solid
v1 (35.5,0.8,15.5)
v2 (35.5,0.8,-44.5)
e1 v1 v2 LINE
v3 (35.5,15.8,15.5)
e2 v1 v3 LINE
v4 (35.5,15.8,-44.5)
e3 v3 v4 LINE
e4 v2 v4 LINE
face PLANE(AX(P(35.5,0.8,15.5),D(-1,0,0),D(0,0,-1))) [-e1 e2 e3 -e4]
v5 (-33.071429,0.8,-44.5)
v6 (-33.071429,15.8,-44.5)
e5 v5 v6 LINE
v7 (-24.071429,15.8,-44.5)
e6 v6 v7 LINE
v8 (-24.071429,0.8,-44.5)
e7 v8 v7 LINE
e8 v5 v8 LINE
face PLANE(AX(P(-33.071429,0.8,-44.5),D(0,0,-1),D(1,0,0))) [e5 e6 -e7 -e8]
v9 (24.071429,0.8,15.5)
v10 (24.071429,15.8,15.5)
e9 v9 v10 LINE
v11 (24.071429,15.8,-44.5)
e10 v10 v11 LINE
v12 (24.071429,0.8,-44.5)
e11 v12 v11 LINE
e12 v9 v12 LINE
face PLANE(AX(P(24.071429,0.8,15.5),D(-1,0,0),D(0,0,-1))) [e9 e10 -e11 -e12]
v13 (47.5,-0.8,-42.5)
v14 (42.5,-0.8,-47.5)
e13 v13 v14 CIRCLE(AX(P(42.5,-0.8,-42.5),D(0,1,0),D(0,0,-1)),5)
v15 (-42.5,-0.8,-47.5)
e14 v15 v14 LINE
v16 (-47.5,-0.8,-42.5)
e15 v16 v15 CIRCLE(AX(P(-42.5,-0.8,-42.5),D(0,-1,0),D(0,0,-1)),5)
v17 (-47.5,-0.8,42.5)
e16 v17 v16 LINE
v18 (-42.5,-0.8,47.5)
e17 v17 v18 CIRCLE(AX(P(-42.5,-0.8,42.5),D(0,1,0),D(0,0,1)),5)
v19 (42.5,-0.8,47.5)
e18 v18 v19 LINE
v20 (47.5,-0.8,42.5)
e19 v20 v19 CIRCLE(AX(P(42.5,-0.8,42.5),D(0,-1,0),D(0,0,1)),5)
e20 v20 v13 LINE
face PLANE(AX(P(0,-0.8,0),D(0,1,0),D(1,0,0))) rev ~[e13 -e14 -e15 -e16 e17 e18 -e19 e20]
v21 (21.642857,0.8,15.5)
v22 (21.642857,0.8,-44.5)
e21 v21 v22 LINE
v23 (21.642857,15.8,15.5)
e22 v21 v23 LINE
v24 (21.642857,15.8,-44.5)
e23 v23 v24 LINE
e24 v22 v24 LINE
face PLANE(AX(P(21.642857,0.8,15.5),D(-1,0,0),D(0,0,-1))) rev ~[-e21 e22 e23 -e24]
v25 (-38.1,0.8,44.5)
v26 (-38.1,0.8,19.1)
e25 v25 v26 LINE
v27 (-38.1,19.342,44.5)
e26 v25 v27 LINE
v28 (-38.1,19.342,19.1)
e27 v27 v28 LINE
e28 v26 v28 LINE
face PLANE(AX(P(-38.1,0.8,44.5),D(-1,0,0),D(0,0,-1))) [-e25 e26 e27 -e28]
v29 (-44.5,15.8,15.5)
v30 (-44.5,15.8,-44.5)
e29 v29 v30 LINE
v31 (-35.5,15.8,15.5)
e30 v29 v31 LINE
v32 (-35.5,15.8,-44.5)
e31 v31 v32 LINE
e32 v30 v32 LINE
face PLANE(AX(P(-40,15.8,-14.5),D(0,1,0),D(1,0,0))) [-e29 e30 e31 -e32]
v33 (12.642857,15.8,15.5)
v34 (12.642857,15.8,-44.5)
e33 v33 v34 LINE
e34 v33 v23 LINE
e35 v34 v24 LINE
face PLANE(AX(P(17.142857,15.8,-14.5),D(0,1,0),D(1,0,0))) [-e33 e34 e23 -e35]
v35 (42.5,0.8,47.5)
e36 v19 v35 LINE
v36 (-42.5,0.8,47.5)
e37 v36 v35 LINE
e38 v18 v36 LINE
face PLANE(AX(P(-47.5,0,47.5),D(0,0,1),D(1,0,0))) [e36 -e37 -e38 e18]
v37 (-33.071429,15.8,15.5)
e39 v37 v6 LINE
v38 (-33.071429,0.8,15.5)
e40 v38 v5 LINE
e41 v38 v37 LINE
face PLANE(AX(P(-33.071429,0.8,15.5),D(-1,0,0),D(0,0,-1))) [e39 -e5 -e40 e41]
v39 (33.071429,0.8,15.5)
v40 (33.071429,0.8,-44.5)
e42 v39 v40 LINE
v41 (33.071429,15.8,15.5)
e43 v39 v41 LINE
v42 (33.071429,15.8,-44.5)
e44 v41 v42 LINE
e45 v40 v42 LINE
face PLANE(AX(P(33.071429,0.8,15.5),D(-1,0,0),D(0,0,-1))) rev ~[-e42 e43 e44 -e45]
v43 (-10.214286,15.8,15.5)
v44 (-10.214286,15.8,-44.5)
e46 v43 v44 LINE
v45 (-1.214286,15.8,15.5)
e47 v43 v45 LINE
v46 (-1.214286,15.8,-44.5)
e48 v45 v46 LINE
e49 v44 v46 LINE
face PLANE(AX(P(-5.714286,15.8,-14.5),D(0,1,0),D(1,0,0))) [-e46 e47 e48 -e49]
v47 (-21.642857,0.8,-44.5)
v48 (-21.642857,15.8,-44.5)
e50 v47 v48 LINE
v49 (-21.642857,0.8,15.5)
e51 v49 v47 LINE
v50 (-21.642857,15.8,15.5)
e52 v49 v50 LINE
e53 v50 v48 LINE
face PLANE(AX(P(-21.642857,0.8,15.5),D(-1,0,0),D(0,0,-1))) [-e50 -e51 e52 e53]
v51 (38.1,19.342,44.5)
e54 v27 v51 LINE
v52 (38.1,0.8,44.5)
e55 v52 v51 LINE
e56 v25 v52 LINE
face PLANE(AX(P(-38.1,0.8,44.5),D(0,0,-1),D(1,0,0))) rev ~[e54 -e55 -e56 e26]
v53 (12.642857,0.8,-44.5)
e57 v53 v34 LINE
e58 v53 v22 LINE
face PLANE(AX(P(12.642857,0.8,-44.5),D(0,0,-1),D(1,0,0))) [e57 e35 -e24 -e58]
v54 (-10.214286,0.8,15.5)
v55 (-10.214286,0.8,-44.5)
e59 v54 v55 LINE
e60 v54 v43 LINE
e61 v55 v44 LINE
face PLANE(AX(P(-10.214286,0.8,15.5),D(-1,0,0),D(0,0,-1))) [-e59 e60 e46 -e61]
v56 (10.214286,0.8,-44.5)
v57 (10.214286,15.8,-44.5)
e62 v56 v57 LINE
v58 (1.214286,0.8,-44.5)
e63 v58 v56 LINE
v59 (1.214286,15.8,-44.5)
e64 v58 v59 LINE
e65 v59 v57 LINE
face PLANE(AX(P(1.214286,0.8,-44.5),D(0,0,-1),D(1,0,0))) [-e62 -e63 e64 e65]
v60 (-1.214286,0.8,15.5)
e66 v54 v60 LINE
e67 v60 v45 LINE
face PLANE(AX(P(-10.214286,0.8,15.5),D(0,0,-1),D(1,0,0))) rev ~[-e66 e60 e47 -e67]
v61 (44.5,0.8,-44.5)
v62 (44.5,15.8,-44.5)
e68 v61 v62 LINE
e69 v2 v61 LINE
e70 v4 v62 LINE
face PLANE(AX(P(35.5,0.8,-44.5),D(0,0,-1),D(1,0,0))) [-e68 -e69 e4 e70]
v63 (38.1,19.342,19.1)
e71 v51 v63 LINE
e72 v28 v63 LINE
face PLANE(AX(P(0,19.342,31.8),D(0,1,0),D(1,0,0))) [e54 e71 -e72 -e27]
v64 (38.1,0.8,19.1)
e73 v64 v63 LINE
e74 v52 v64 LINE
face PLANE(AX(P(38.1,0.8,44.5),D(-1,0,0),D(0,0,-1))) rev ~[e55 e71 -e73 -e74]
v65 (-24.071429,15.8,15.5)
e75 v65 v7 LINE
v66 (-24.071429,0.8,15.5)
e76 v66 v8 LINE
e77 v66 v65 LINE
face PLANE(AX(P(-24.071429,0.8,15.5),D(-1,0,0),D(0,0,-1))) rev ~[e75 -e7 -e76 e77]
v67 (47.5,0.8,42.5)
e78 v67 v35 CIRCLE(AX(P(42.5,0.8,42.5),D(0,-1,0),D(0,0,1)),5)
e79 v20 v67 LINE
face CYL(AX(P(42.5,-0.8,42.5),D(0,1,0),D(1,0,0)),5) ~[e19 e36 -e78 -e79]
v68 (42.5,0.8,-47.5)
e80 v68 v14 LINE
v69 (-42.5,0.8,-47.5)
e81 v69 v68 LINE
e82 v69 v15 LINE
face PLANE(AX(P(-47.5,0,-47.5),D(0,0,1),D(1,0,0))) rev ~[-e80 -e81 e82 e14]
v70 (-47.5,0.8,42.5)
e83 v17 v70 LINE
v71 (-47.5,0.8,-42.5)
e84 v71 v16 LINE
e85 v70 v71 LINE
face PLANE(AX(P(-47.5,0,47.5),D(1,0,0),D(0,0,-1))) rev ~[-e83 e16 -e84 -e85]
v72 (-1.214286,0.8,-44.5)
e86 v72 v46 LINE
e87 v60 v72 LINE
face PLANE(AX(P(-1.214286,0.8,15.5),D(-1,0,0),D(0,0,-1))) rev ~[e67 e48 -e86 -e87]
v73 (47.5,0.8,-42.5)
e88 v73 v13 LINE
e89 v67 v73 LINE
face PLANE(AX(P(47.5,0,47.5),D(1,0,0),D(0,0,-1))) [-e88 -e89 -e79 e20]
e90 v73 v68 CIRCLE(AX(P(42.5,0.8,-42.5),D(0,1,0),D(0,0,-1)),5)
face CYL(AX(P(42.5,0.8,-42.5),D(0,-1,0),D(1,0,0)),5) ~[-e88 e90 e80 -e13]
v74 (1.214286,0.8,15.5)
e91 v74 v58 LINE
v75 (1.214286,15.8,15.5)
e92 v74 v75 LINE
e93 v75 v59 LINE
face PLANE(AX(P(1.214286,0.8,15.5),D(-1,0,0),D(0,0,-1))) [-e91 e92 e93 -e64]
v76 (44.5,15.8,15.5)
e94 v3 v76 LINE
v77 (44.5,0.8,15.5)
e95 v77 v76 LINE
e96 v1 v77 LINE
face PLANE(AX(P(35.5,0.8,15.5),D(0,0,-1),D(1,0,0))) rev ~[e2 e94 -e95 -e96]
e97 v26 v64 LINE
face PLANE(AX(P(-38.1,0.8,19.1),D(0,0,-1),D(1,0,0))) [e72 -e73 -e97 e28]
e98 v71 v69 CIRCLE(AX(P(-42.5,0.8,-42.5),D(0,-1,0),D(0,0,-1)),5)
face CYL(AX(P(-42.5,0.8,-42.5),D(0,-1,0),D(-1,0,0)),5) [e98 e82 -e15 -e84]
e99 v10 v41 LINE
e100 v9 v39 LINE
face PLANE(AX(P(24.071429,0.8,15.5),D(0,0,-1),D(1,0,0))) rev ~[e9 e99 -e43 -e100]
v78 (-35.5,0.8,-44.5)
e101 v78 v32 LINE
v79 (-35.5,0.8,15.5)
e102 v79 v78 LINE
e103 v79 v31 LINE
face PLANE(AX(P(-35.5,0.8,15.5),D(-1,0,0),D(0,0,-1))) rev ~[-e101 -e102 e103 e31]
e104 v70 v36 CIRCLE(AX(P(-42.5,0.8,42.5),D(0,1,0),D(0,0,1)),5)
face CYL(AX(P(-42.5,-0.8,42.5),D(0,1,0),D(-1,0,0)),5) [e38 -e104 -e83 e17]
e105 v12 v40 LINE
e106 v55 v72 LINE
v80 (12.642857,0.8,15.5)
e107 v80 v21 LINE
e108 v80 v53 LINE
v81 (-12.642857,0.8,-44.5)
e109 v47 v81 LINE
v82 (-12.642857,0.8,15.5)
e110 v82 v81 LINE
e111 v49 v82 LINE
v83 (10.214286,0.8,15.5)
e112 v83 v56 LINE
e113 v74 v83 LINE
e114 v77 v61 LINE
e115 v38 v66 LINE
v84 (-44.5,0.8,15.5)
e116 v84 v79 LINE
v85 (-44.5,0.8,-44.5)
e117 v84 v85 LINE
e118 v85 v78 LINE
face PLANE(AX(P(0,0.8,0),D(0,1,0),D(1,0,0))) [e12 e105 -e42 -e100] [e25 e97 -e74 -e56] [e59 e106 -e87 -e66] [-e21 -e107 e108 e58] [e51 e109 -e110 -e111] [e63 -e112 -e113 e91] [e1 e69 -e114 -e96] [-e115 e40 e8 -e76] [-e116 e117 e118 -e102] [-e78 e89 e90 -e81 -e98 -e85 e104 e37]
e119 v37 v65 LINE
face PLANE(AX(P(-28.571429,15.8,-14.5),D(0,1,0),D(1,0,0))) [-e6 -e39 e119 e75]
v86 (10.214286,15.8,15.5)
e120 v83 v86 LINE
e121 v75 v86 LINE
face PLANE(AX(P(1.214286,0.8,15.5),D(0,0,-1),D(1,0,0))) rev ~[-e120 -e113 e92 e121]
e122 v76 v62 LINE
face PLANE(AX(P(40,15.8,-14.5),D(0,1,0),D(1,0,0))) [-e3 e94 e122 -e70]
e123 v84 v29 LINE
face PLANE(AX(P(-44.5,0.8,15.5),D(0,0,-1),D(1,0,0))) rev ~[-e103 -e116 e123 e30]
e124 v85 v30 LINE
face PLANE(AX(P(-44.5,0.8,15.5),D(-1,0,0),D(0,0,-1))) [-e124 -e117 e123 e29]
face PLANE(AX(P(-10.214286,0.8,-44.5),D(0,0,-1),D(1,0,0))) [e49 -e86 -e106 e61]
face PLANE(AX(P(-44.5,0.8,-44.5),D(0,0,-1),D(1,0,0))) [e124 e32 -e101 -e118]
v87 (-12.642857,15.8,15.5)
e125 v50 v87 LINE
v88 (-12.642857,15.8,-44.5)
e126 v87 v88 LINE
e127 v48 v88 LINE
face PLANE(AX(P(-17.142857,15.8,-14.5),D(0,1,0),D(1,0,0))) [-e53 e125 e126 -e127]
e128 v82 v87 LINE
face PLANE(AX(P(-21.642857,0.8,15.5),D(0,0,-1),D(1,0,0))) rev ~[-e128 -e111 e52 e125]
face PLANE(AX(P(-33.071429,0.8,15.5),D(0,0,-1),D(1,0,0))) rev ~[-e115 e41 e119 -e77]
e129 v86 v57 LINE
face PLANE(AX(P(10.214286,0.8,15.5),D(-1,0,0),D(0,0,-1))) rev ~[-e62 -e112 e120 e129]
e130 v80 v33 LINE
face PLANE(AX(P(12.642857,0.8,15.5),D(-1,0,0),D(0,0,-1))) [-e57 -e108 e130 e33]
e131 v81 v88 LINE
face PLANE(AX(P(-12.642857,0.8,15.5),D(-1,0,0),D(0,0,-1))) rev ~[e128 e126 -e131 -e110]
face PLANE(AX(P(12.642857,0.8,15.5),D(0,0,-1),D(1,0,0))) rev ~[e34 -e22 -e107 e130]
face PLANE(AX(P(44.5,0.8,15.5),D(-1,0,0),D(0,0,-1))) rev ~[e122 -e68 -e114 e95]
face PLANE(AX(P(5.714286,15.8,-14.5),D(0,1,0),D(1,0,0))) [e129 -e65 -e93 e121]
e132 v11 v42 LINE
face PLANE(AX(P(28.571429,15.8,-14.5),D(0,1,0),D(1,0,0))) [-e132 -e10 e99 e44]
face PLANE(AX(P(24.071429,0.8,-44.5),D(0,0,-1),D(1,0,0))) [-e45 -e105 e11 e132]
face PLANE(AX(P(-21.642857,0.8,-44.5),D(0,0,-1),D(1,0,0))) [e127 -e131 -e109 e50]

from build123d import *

# Parameters (mm, degrees)
SKETCH1_W           = 95
SKETCH1_H           = 95
BOSS_EXTRUDE1_DEPTH = 0.8
FILLET1_R           = 5
SKETCH2_W           = 76.2
SKETCH2_H           = 25.4
BOSS_EXTRUDE2_DEPTH = 18.542
SKETCH3_W           = 9
SKETCH3_H           = 60
BOSS_EXTRUDE3_DEPTH = 15


with BuildPart() as part:
    # Sketch1 → Boss-Extrude1 (new, symmetric)
    with BuildSketch(Plane(origin=(0, 0, 0), x_dir=(1, 0, 0), z_dir=(0, 1, 0))):
        Rectangle(SKETCH1_W, SKETCH1_H)
    extrude(amount=BOSS_EXTRUDE1_DEPTH, both=True)

    # Fillet1
    fillet1_edges = [part.edges().sort_by_distance(p)[0] for p in [
        (47.5, 0, 47.5),
        (-47.5, 0, 47.5),
        (-47.5, 0, -47.5),
        (47.5, 0, -47.5),
    ]]
    fillet(fillet1_edges, radius=FILLET1_R)

    # Sketch2 → Boss-Extrude2 (add)
    with BuildSketch(Plane(origin=(0, 0.8, 0), x_dir=(1, 0, 0), z_dir=(0, 1, 0))):
        with Locations((0, -31.8)):
            Rectangle(SKETCH2_W, SKETCH2_H)
    extrude(amount=BOSS_EXTRUDE2_DEPTH)

    # Sketch3 → Boss-Extrude3 (add)
    with BuildSketch(Plane(origin=(0, 0.8, 0), x_dir=(1, 0, 0), z_dir=(0, 1, 0))):
        with Locations((-40, 14.5)):
            Rectangle(SKETCH3_W, SKETCH3_H)
        with Locations((-28.571428571, 14.5)):
            Rectangle(SKETCH3_W, SKETCH3_H)
        with Locations((-17.142857143, 14.5)):
            Rectangle(SKETCH3_W, SKETCH3_H)
        with Locations((-5.714285714, 14.5)):
            Rectangle(SKETCH3_W, SKETCH3_H)
        with Locations((5.714285714, 14.5)):
            Rectangle(SKETCH3_W, SKETCH3_H)
        with Locations((17.142857143, 14.5)):
            Rectangle(SKETCH3_W, SKETCH3_H)
        with Locations((28.571428571, 14.5)):
            Rectangle(SKETCH3_W, SKETCH3_H)
        with Locations((40, 14.5)):
            Rectangle(SKETCH3_W, SKETCH3_H)
    extrude(amount=BOSS_EXTRUDE3_DEPTH)


solid = part.part
